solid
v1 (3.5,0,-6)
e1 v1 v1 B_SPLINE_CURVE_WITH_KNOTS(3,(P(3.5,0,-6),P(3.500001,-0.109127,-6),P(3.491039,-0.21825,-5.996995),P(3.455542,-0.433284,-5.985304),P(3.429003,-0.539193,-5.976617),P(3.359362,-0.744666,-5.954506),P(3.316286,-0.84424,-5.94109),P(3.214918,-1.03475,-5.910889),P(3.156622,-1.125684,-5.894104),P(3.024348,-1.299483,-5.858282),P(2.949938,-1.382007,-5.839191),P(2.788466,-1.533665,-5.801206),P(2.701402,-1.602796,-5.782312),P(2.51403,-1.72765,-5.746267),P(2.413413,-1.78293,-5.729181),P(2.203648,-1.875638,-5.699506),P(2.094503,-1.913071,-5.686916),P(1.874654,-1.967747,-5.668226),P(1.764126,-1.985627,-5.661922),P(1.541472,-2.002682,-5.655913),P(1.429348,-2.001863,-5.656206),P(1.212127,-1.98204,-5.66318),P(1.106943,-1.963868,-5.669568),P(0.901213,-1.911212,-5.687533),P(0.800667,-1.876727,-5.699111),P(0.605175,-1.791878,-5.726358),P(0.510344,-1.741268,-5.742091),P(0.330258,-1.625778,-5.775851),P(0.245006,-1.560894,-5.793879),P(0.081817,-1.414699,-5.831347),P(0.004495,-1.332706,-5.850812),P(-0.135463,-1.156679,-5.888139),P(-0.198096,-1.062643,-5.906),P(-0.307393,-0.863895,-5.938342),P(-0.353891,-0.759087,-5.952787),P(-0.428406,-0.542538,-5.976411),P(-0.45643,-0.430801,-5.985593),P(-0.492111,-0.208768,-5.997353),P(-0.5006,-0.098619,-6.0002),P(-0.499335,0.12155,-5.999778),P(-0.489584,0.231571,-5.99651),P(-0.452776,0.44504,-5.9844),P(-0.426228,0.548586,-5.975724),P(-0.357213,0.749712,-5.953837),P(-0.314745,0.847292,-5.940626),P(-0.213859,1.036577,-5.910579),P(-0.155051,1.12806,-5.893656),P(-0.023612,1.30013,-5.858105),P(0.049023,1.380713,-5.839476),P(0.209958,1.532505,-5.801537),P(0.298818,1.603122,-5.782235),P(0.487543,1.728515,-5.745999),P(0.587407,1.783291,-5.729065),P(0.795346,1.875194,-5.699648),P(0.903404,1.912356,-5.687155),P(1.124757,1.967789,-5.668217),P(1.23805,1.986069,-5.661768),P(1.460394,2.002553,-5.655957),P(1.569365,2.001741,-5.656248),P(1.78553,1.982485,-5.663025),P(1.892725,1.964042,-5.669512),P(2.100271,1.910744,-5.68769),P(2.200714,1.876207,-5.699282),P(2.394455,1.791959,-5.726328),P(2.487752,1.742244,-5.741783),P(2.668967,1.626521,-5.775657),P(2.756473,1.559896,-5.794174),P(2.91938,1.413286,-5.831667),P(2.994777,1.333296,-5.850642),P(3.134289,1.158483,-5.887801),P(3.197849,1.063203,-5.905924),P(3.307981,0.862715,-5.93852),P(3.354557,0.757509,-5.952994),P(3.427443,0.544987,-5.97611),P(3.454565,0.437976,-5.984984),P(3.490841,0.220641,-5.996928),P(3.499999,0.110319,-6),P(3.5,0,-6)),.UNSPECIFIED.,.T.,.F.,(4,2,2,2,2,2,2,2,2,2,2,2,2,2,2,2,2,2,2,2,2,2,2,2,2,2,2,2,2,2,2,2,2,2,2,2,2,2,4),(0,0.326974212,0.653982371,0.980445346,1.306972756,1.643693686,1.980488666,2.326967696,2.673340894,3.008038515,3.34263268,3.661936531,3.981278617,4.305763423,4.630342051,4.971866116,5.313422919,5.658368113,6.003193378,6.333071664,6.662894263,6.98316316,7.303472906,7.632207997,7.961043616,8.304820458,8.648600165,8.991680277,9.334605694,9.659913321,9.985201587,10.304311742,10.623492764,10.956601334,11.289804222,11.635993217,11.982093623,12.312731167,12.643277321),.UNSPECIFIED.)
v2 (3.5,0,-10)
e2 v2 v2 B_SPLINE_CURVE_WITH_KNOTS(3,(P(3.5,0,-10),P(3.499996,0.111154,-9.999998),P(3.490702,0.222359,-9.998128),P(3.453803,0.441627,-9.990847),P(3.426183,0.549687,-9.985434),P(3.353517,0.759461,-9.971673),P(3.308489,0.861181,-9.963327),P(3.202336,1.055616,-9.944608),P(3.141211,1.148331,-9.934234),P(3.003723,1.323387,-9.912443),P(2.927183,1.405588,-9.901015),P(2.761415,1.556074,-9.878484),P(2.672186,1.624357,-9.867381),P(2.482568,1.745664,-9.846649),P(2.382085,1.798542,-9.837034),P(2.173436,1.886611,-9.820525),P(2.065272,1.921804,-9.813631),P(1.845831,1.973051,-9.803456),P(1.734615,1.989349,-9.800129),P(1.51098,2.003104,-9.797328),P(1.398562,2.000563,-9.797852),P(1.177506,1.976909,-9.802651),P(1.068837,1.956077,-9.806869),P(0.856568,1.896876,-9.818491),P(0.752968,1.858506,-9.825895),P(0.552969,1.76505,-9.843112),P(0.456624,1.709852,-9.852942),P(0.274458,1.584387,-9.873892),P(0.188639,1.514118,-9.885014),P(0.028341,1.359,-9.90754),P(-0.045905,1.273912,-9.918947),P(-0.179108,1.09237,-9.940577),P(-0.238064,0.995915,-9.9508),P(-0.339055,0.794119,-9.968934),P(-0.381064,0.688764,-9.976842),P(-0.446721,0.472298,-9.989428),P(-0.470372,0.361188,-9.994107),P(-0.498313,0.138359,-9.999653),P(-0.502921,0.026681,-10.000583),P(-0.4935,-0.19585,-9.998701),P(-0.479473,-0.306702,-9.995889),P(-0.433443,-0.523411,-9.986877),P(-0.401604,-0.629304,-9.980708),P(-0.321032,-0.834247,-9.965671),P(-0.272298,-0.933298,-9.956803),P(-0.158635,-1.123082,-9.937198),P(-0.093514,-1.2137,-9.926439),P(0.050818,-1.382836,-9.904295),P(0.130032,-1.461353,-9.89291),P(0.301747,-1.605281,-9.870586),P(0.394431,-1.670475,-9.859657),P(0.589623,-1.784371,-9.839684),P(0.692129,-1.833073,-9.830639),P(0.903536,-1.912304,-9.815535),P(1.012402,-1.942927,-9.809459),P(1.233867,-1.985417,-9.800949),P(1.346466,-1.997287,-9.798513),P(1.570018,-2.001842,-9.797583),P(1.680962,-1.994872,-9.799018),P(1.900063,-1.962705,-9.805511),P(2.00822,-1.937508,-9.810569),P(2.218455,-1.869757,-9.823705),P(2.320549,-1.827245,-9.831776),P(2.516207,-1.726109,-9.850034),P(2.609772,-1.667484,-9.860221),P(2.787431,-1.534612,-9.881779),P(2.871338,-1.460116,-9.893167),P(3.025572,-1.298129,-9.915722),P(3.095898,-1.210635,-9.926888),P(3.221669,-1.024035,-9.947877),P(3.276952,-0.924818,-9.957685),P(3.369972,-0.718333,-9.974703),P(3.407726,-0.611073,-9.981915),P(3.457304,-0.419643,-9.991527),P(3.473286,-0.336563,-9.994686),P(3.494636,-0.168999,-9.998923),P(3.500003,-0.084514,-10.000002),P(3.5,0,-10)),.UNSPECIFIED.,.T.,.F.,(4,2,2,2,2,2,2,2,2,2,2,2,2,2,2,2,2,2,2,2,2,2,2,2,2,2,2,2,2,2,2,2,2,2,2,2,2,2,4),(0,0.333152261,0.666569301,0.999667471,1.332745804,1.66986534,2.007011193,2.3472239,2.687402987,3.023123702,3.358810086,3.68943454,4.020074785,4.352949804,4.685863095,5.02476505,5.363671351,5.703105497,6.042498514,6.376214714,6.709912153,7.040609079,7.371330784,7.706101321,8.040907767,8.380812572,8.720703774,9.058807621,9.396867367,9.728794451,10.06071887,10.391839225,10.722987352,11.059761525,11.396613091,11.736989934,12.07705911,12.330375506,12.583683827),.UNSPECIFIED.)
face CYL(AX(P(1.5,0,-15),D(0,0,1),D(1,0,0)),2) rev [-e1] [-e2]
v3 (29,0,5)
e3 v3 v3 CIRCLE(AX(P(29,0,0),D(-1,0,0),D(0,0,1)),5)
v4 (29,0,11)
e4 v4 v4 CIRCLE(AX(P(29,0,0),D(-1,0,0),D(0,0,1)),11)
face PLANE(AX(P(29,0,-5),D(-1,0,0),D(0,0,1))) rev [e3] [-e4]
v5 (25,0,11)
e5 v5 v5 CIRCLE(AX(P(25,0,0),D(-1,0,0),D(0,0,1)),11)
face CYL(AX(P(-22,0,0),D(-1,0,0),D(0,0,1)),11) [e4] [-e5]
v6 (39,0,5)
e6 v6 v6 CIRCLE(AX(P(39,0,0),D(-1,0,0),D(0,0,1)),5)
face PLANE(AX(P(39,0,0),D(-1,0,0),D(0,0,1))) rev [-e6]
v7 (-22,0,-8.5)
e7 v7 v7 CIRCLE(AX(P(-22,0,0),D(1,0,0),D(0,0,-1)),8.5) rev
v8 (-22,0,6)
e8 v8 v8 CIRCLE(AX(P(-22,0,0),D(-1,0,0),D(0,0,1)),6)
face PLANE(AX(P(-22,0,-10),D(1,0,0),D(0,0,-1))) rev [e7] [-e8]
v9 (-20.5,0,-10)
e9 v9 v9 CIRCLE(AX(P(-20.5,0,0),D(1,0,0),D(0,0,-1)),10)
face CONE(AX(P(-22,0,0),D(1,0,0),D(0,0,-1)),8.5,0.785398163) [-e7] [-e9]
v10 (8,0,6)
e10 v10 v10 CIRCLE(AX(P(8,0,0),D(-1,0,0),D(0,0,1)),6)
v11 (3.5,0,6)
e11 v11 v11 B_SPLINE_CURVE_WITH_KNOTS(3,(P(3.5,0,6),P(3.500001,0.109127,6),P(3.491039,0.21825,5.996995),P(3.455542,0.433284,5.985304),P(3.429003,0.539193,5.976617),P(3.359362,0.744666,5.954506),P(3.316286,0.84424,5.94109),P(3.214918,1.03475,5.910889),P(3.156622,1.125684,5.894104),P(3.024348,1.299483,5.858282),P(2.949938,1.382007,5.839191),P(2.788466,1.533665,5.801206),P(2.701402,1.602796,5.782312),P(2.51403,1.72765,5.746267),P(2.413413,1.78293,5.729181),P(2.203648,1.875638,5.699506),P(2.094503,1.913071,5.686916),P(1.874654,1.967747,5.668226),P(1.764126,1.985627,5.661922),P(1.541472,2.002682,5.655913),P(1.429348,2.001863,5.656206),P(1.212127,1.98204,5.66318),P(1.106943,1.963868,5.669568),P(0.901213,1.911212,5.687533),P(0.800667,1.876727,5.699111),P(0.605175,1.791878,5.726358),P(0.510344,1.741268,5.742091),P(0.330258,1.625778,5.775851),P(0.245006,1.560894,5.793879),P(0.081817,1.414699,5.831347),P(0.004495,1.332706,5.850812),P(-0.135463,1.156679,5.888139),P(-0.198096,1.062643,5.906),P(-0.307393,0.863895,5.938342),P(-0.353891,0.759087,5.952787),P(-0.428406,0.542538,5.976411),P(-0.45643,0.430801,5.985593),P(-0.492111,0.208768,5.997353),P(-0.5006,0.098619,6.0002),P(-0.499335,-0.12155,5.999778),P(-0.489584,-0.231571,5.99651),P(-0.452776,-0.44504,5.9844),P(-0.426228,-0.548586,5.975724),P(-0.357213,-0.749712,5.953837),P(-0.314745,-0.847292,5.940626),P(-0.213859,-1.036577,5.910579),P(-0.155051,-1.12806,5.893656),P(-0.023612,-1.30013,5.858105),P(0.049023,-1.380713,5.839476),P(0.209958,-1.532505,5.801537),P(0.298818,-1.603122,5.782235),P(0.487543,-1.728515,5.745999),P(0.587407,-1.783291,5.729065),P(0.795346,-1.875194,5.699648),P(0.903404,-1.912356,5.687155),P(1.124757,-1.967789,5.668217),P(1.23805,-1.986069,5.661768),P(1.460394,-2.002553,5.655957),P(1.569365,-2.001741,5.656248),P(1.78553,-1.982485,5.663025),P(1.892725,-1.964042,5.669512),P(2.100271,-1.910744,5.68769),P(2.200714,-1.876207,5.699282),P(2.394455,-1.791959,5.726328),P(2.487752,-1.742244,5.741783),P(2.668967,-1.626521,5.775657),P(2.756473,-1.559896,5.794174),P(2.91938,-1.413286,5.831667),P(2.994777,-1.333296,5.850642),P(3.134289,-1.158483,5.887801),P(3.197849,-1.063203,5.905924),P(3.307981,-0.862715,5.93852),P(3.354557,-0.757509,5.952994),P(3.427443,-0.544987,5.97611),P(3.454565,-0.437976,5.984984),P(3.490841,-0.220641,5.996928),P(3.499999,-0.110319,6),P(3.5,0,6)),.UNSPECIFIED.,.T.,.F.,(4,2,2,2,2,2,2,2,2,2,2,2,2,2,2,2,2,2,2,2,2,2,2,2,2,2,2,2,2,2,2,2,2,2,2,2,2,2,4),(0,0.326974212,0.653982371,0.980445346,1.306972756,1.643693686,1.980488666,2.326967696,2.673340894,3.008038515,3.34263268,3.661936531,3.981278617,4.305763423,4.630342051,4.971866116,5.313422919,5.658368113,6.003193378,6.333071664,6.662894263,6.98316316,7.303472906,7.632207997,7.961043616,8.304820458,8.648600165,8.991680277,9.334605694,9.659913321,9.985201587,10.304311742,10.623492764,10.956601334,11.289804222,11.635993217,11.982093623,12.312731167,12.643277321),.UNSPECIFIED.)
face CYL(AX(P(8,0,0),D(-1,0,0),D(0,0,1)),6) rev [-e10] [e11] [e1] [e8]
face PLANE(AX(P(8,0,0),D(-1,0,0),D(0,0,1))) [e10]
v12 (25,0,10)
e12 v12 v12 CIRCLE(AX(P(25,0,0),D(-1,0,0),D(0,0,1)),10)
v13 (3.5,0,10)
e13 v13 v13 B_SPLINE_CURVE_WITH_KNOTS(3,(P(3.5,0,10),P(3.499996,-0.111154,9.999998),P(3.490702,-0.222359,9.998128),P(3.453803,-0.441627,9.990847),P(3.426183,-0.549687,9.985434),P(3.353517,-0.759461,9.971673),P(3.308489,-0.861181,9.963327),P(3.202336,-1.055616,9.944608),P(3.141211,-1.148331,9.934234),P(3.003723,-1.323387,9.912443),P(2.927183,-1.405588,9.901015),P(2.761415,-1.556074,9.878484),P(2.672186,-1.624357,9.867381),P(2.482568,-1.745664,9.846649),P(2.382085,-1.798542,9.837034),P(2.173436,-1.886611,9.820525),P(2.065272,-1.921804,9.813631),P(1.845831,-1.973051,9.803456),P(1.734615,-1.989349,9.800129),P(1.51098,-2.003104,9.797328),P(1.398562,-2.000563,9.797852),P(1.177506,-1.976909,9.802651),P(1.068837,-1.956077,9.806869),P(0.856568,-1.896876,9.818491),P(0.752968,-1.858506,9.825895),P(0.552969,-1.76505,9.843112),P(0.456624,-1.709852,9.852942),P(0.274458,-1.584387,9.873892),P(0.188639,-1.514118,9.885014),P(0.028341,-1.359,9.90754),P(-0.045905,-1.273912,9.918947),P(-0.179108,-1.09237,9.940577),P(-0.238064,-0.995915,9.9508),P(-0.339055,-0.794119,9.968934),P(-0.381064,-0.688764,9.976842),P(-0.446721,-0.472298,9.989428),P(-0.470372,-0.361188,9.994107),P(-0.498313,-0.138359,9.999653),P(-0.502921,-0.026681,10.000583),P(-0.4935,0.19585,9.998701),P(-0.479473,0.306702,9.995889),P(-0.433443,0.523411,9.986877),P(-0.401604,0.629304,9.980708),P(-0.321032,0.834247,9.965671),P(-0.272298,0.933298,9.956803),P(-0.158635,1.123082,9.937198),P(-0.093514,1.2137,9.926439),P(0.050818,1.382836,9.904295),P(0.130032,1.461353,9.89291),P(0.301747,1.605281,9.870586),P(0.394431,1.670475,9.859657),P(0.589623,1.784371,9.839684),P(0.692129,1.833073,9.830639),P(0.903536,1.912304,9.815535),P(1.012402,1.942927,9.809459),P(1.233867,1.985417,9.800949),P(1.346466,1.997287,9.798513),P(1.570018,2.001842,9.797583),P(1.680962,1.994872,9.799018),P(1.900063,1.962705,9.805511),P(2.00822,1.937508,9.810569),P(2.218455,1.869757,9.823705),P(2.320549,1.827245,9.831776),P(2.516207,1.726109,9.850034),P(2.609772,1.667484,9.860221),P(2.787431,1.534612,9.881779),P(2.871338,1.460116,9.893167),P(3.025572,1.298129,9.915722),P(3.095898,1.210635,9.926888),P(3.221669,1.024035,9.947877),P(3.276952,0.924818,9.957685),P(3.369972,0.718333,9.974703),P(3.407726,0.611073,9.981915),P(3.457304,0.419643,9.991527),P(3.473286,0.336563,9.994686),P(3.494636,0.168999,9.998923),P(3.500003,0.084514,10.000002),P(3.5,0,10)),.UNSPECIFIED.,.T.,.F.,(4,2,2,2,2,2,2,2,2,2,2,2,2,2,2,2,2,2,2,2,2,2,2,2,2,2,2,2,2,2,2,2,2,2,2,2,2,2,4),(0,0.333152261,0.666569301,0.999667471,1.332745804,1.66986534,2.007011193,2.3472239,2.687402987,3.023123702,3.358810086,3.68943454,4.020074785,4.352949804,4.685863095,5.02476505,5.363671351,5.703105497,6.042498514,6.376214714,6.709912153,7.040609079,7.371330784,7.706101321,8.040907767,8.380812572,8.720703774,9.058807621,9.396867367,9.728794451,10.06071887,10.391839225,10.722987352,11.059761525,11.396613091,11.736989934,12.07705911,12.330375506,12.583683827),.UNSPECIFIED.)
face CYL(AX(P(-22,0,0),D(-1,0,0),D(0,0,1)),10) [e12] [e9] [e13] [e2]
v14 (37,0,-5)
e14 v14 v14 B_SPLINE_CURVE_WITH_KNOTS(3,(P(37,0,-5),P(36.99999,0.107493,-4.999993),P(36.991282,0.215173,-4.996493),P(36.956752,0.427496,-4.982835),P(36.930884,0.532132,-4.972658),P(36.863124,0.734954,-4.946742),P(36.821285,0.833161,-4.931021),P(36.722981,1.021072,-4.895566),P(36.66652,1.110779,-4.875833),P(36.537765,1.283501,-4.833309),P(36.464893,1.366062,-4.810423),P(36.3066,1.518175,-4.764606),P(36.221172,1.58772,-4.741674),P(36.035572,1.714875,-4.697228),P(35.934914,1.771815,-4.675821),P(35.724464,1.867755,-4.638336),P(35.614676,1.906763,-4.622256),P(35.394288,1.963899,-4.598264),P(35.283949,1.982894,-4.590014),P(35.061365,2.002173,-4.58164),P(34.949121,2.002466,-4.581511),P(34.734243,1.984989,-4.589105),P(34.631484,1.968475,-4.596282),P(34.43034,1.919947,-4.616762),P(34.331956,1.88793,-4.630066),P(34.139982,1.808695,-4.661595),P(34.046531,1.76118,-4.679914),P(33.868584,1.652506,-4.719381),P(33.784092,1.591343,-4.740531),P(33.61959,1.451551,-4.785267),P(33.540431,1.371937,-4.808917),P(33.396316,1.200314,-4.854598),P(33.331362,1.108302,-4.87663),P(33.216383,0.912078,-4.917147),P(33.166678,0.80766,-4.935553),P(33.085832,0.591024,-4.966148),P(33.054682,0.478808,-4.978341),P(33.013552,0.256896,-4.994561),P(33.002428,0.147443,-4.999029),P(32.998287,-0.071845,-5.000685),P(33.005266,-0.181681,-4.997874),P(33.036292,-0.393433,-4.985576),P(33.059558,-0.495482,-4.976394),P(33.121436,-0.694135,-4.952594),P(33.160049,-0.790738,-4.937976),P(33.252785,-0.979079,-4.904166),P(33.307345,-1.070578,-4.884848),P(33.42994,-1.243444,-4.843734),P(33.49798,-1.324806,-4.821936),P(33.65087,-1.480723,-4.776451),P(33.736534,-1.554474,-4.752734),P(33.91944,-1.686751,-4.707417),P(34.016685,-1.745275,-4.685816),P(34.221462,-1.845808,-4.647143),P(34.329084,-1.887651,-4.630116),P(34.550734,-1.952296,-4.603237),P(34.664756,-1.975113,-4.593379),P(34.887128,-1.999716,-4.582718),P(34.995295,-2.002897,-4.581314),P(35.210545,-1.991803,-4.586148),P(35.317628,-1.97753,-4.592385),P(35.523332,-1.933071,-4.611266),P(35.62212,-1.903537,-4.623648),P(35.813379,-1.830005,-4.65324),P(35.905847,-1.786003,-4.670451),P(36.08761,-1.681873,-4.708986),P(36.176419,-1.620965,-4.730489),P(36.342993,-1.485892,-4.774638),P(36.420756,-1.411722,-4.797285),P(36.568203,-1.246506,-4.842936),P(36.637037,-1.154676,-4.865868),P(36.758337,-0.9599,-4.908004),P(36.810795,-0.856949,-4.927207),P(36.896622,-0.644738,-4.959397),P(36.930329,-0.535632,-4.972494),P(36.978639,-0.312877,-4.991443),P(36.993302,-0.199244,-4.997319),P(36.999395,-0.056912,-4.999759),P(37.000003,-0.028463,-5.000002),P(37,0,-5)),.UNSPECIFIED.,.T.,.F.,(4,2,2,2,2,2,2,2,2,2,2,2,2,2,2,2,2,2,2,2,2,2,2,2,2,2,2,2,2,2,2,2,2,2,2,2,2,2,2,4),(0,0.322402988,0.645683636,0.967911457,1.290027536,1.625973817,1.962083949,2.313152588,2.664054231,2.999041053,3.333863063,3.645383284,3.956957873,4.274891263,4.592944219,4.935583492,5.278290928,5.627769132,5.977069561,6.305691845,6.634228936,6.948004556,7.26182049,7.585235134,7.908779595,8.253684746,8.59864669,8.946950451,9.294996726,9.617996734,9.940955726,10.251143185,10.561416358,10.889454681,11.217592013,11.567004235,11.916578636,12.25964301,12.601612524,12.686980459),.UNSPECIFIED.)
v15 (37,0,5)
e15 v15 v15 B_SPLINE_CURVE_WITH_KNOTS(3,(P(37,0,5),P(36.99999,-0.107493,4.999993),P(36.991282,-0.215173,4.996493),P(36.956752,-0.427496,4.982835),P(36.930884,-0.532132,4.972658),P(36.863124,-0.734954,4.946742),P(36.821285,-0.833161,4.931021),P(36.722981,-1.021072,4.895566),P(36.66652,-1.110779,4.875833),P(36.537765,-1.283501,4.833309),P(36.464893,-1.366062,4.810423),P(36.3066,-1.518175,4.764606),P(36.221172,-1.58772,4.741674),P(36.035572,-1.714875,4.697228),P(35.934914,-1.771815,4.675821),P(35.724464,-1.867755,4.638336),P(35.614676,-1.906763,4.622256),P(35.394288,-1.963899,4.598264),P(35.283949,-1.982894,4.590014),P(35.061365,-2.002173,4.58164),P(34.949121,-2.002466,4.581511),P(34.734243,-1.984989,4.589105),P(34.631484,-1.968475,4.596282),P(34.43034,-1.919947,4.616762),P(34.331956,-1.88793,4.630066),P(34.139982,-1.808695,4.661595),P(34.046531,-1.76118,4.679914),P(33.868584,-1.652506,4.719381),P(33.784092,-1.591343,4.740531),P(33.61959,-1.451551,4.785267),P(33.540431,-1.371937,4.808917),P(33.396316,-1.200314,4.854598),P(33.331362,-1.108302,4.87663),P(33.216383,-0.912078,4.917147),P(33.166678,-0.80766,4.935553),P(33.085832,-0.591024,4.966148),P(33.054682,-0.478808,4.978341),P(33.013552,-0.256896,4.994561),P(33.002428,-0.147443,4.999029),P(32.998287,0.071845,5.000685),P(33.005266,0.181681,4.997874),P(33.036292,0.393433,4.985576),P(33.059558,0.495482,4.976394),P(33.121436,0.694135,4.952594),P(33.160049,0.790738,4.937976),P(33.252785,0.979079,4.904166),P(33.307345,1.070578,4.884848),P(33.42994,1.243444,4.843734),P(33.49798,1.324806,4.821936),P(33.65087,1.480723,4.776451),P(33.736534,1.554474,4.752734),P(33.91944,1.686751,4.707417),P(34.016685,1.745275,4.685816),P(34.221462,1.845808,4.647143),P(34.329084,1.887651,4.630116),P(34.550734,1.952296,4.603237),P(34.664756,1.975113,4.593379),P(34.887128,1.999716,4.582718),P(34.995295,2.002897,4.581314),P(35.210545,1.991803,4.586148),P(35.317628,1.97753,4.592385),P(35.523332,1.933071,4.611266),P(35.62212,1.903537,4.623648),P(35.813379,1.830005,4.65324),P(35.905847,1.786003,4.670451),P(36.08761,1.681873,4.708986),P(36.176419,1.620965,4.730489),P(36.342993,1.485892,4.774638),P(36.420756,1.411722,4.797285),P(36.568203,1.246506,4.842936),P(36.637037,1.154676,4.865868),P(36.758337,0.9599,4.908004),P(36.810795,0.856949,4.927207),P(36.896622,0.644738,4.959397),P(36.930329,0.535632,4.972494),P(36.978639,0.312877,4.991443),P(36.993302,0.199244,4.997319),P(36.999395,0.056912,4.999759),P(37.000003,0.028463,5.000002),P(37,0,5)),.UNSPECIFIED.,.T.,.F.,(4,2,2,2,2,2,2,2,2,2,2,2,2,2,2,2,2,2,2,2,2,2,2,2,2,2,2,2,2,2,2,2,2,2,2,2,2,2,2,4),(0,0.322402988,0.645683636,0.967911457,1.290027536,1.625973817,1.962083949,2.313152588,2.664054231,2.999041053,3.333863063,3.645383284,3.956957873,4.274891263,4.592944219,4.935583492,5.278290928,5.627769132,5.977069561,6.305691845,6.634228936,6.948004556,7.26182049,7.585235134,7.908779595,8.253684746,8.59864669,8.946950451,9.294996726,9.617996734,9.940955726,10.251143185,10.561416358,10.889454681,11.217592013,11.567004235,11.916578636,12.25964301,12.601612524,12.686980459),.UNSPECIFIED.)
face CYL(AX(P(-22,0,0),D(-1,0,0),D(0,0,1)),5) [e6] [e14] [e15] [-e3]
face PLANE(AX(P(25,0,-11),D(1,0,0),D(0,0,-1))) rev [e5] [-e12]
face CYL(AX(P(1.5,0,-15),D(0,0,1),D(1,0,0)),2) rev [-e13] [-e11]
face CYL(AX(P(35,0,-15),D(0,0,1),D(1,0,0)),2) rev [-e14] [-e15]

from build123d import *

# Parameters (mm, degrees)
SZKIC3_R                   = 6
WYTNIJ_WYCI_GNI_CIE1_DEPTH = 30
SFAZOWANIE1_SIZE           = 1.5
SZKIC6_R                   = 2
WYTNIJ_WYCI_GNI_CIE4_DEPTH = 15


with BuildPart() as part:
    # Szkic1 → Obrót1 (revolve)
    with BuildSketch(Plane(origin=(0, 0, 0), x_dir=(1, 0, 0), z_dir=(0, 1, 0))):
        Polygon((-22, 0), (39, 0), (39, 5), (29, 5), (29, 11), (25, 11), (25, 10), (-22, 10), align=None)
    revolve(axis=Axis((-22, 0, 0), (1, 0, 0)))

    # Szkic3 → Wytnij-wyciągnięcie1 (cut)
    with BuildSketch(Plane.ZY.offset(22)):
        Circle(SZKIC3_R)
    extrude(amount=-WYTNIJ_WYCI_GNI_CIE1_DEPTH, mode=Mode.SUBTRACT)

    # Sfazowanie1
    sfazowanie1_edges = [part.edges().sort_by_distance(p)[0] for p in [
        (-22, 0, 10),
    ]]
    chamfer(sfazowanie1_edges, length=SFAZOWANIE1_SIZE)

    # Szkic6 → Wytnij-wyciągnięcie4 (cut, symmetric)
    with BuildSketch(Plane.XY):
        with Locations((35, 0)):
            Circle(SZKIC6_R)
        with Locations((1.5, 0)):
            Circle(SZKIC6_R)
    extrude(amount=WYTNIJ_WYCI_GNI_CIE4_DEPTH, both=True, mode=Mode.SUBTRACT)


solid = part.part
